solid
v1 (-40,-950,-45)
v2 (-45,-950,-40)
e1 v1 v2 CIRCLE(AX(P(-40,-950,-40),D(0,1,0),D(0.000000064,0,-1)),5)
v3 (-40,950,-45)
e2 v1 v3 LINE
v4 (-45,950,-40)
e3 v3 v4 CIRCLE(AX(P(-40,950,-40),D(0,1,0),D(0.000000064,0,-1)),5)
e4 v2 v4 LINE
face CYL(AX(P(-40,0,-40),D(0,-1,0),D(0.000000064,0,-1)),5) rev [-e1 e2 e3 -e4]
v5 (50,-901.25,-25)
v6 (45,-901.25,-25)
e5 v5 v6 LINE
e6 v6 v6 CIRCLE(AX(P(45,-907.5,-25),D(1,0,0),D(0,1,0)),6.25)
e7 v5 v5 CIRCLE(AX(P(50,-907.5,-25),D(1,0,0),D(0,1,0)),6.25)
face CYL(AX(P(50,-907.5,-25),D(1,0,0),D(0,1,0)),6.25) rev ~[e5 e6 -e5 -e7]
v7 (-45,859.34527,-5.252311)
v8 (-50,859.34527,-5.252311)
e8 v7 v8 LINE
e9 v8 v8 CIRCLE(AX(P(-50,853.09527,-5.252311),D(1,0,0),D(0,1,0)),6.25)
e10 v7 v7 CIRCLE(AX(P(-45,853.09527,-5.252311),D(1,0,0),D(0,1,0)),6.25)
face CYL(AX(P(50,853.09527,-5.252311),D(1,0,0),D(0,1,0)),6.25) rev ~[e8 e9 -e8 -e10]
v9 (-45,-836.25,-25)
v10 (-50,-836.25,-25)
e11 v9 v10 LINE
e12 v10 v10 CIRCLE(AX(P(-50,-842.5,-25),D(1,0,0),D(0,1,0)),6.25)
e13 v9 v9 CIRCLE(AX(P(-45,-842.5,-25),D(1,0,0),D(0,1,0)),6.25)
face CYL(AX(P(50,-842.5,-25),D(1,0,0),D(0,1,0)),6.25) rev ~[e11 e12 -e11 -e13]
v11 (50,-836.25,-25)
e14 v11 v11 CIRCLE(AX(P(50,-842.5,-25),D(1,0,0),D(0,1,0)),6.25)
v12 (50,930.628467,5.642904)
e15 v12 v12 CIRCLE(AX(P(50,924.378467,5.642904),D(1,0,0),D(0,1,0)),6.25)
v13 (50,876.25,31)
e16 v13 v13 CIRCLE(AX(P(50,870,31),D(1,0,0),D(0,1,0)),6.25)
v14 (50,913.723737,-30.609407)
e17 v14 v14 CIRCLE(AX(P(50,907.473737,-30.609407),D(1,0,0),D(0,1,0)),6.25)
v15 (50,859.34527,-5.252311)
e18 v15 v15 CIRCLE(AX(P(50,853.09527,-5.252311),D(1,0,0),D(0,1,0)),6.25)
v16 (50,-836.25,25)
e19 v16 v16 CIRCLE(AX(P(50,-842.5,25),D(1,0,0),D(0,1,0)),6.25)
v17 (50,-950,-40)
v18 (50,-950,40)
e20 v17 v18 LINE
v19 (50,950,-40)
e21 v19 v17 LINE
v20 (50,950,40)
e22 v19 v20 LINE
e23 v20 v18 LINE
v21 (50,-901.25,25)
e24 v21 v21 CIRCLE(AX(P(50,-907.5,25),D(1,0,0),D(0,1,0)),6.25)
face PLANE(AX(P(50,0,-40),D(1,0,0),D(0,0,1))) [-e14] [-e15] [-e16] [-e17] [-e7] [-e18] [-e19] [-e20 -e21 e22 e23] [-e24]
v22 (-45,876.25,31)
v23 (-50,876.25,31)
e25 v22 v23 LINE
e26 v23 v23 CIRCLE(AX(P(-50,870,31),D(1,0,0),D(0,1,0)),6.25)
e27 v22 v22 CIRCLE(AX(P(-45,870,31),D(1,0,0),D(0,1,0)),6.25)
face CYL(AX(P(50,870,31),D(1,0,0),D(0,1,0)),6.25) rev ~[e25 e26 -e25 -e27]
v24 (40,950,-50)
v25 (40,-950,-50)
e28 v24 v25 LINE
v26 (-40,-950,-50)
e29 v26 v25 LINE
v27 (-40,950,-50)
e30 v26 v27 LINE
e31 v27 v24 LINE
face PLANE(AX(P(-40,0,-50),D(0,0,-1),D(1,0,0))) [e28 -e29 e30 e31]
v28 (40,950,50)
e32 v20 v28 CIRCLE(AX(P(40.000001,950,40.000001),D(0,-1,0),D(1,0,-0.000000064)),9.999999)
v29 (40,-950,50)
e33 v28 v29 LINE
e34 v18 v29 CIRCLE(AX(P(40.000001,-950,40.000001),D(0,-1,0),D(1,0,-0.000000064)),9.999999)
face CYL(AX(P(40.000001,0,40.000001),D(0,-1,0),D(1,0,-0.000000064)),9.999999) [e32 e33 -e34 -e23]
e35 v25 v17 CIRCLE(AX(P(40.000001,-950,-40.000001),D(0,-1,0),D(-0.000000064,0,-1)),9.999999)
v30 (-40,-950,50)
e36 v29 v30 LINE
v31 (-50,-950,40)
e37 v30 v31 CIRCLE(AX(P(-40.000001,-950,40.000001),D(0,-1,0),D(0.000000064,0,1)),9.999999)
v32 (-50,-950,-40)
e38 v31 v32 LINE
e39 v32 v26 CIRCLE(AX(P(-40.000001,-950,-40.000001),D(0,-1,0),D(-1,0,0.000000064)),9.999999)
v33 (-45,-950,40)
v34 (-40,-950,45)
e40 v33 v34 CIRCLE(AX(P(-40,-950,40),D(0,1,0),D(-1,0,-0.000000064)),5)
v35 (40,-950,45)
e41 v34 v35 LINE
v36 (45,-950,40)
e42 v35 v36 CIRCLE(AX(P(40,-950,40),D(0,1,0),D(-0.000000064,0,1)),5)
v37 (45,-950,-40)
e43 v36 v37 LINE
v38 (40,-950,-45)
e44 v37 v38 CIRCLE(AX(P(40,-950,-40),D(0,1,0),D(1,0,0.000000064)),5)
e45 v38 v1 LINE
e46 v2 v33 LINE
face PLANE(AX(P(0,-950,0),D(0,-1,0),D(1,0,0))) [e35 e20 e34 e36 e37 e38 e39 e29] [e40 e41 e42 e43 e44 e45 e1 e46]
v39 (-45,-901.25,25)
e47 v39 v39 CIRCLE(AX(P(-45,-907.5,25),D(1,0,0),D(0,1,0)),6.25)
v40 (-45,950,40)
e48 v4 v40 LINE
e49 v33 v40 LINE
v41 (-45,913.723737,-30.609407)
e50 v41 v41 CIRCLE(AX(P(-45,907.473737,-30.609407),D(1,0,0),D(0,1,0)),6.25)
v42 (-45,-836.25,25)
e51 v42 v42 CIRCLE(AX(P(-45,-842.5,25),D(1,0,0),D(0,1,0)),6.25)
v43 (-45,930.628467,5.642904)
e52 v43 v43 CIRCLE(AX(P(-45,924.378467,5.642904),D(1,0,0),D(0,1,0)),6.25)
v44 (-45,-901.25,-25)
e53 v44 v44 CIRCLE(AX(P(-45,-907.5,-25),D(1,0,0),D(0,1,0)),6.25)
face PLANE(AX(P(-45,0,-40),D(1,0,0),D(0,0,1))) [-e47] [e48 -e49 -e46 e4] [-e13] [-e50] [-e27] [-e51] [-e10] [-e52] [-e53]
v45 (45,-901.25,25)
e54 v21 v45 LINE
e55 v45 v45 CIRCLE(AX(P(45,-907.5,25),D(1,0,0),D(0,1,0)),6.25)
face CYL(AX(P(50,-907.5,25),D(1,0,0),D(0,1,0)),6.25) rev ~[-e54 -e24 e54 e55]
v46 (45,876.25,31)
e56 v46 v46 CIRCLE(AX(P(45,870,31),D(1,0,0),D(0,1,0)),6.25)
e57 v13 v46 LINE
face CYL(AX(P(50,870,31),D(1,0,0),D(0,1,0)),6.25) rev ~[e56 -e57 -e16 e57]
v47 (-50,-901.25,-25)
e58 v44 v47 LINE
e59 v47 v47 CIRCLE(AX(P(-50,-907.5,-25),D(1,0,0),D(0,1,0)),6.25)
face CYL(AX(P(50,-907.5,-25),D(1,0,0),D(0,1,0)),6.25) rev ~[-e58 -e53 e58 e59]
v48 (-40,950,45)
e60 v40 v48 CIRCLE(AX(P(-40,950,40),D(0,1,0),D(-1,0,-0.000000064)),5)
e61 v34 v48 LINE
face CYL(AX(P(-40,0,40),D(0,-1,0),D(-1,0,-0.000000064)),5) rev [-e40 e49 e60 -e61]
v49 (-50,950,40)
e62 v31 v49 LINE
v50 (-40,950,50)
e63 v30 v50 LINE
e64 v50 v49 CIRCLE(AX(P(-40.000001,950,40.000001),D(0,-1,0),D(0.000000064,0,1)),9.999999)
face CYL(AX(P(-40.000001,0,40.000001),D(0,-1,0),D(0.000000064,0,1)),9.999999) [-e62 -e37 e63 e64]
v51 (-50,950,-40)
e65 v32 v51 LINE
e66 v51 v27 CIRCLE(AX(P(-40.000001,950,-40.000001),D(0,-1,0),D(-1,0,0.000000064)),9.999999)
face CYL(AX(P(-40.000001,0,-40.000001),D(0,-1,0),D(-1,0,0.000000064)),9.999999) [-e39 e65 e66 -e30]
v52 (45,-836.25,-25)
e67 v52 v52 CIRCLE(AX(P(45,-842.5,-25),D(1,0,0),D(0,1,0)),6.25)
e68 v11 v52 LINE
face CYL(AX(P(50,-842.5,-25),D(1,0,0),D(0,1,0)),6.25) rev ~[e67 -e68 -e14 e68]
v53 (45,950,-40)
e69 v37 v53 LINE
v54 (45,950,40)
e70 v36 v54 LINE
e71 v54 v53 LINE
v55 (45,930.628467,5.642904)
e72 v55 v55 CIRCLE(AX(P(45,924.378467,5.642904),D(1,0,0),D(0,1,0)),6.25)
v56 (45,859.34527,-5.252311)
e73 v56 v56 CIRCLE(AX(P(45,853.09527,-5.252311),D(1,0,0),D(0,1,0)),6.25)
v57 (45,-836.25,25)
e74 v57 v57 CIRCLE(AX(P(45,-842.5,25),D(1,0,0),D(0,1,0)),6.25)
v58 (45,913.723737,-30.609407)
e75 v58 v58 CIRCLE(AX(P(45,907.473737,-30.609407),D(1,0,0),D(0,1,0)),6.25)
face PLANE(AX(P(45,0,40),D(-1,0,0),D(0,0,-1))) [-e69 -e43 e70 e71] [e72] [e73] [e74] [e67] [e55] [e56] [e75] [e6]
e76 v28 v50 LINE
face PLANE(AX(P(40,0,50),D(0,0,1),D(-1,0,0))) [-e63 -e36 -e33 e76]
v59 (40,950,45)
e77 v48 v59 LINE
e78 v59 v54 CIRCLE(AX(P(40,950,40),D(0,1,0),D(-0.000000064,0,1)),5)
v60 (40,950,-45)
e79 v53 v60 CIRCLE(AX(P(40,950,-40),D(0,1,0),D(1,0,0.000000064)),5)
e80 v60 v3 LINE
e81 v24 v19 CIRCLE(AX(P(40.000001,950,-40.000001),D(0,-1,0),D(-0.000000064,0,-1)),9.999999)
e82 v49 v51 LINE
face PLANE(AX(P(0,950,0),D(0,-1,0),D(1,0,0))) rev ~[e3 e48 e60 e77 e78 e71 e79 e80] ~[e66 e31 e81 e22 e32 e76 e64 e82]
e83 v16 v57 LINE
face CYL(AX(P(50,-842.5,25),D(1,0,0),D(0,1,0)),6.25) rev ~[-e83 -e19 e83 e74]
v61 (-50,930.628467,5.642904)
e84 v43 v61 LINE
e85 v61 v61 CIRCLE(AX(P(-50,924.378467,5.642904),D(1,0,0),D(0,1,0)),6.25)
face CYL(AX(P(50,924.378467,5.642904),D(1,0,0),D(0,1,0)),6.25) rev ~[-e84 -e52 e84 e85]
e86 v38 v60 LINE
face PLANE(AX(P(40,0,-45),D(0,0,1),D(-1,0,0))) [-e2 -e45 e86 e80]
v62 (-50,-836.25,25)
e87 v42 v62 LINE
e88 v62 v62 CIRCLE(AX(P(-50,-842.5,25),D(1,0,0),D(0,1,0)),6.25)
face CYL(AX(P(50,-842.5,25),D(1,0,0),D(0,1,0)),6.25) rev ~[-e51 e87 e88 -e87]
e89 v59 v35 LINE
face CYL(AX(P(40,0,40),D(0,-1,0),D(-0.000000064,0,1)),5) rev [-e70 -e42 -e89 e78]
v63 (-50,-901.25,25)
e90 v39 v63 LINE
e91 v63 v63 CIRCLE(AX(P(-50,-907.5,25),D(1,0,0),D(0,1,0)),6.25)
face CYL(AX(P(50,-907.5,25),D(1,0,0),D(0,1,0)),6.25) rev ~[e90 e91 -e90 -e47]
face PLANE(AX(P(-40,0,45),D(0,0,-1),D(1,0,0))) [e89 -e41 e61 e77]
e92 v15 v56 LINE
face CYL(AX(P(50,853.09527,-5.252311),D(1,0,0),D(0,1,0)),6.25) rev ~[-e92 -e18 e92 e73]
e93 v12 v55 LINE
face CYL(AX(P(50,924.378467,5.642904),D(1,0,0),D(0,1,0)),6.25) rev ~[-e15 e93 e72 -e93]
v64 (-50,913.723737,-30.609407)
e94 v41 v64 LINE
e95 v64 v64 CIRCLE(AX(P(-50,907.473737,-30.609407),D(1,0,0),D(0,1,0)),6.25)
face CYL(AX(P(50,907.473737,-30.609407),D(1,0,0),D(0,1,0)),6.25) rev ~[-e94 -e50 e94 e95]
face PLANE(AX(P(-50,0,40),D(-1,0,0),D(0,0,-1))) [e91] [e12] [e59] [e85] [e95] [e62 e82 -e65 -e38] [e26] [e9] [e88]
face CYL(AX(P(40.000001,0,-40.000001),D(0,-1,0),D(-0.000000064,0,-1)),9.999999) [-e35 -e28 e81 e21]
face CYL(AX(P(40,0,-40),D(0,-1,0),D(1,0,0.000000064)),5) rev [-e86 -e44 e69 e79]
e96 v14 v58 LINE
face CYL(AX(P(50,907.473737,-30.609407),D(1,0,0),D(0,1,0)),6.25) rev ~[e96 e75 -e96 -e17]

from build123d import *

# Parameters (mm, degrees)
F1_DEPTH = 950
F2_R     = 6.25
F3_DEPTH = 100.001
F4_R     = 6.25
F5_DEPTH = 100.001


with BuildPart() as f1:
    # F0 (on Front) → F1 (new body, symmetric)
    with BuildSketch(Plane.XZ):
        with BuildLine():
            Line((-40, -50), (40, -50))
            ThreePointArc((40, -50), (47.071068, -47.071068), (50, -40))
            Line((50, -40), (50, 40))
            ThreePointArc((50, 40), (47.071068, 47.071068), (40, 50))
            Line((40, 50), (-40, 50))
            ThreePointArc((-40, 50), (-47.071068, 47.071068), (-50, 40))
            Line((-50, 40), (-50, -40))
            ThreePointArc((-50, -40), (-47.071068, -47.071068), (-40, -50))
        make_face()
        with BuildLine():
            ThreePointArc((40, 45), (43.535534, 43.535534), (45, 40))
            Line((45, 40), (45, -40))
            ThreePointArc((45, -40), (43.535534, -43.535534), (40, -45))
            Line((40, -45), (-40, -45))
            ThreePointArc((-40, -45), (-43.535534, -43.535534), (-45, -40))
            Line((-45, -40), (-45, 40))
            ThreePointArc((-45, 40), (-43.535534, 43.535534), (-40, 45))
            Line((-40, 45), (40, 45))
        make_face(mode=Mode.SUBTRACT)
    extrude(amount=F1_DEPTH, both=True)

    # F2 (on face) → F3 (cut, through all)
    with BuildSketch(Plane.YZ.offset(50)):
        with Locations((-907.5, 25)):
            Circle(F2_R)
        with Locations((-842.5, 25)):
            Circle(F2_R)
        with Locations((-842.5, -25)):
            Circle(F2_R)
        with Locations((-907.5, -25)):
            Circle(F2_R)
    extrude(amount=-F3_DEPTH, mode=Mode.SUBTRACT)

    # F4 (on face) → F5 (cut, through all)
    with BuildSketch(Plane.YZ.offset(50)):
        with Locations((870, 31)):
            Circle(F4_R)
        with Locations((924.378467, 5.642904)):
            Circle(F4_R)
        with Locations((907.473737, -30.609407)):
            Circle(F4_R)
        with Locations((853.09527, -5.252311)):
            Circle(F4_R)
    extrude(amount=-F5_DEPTH, mode=Mode.SUBTRACT)


solid = f1.part
